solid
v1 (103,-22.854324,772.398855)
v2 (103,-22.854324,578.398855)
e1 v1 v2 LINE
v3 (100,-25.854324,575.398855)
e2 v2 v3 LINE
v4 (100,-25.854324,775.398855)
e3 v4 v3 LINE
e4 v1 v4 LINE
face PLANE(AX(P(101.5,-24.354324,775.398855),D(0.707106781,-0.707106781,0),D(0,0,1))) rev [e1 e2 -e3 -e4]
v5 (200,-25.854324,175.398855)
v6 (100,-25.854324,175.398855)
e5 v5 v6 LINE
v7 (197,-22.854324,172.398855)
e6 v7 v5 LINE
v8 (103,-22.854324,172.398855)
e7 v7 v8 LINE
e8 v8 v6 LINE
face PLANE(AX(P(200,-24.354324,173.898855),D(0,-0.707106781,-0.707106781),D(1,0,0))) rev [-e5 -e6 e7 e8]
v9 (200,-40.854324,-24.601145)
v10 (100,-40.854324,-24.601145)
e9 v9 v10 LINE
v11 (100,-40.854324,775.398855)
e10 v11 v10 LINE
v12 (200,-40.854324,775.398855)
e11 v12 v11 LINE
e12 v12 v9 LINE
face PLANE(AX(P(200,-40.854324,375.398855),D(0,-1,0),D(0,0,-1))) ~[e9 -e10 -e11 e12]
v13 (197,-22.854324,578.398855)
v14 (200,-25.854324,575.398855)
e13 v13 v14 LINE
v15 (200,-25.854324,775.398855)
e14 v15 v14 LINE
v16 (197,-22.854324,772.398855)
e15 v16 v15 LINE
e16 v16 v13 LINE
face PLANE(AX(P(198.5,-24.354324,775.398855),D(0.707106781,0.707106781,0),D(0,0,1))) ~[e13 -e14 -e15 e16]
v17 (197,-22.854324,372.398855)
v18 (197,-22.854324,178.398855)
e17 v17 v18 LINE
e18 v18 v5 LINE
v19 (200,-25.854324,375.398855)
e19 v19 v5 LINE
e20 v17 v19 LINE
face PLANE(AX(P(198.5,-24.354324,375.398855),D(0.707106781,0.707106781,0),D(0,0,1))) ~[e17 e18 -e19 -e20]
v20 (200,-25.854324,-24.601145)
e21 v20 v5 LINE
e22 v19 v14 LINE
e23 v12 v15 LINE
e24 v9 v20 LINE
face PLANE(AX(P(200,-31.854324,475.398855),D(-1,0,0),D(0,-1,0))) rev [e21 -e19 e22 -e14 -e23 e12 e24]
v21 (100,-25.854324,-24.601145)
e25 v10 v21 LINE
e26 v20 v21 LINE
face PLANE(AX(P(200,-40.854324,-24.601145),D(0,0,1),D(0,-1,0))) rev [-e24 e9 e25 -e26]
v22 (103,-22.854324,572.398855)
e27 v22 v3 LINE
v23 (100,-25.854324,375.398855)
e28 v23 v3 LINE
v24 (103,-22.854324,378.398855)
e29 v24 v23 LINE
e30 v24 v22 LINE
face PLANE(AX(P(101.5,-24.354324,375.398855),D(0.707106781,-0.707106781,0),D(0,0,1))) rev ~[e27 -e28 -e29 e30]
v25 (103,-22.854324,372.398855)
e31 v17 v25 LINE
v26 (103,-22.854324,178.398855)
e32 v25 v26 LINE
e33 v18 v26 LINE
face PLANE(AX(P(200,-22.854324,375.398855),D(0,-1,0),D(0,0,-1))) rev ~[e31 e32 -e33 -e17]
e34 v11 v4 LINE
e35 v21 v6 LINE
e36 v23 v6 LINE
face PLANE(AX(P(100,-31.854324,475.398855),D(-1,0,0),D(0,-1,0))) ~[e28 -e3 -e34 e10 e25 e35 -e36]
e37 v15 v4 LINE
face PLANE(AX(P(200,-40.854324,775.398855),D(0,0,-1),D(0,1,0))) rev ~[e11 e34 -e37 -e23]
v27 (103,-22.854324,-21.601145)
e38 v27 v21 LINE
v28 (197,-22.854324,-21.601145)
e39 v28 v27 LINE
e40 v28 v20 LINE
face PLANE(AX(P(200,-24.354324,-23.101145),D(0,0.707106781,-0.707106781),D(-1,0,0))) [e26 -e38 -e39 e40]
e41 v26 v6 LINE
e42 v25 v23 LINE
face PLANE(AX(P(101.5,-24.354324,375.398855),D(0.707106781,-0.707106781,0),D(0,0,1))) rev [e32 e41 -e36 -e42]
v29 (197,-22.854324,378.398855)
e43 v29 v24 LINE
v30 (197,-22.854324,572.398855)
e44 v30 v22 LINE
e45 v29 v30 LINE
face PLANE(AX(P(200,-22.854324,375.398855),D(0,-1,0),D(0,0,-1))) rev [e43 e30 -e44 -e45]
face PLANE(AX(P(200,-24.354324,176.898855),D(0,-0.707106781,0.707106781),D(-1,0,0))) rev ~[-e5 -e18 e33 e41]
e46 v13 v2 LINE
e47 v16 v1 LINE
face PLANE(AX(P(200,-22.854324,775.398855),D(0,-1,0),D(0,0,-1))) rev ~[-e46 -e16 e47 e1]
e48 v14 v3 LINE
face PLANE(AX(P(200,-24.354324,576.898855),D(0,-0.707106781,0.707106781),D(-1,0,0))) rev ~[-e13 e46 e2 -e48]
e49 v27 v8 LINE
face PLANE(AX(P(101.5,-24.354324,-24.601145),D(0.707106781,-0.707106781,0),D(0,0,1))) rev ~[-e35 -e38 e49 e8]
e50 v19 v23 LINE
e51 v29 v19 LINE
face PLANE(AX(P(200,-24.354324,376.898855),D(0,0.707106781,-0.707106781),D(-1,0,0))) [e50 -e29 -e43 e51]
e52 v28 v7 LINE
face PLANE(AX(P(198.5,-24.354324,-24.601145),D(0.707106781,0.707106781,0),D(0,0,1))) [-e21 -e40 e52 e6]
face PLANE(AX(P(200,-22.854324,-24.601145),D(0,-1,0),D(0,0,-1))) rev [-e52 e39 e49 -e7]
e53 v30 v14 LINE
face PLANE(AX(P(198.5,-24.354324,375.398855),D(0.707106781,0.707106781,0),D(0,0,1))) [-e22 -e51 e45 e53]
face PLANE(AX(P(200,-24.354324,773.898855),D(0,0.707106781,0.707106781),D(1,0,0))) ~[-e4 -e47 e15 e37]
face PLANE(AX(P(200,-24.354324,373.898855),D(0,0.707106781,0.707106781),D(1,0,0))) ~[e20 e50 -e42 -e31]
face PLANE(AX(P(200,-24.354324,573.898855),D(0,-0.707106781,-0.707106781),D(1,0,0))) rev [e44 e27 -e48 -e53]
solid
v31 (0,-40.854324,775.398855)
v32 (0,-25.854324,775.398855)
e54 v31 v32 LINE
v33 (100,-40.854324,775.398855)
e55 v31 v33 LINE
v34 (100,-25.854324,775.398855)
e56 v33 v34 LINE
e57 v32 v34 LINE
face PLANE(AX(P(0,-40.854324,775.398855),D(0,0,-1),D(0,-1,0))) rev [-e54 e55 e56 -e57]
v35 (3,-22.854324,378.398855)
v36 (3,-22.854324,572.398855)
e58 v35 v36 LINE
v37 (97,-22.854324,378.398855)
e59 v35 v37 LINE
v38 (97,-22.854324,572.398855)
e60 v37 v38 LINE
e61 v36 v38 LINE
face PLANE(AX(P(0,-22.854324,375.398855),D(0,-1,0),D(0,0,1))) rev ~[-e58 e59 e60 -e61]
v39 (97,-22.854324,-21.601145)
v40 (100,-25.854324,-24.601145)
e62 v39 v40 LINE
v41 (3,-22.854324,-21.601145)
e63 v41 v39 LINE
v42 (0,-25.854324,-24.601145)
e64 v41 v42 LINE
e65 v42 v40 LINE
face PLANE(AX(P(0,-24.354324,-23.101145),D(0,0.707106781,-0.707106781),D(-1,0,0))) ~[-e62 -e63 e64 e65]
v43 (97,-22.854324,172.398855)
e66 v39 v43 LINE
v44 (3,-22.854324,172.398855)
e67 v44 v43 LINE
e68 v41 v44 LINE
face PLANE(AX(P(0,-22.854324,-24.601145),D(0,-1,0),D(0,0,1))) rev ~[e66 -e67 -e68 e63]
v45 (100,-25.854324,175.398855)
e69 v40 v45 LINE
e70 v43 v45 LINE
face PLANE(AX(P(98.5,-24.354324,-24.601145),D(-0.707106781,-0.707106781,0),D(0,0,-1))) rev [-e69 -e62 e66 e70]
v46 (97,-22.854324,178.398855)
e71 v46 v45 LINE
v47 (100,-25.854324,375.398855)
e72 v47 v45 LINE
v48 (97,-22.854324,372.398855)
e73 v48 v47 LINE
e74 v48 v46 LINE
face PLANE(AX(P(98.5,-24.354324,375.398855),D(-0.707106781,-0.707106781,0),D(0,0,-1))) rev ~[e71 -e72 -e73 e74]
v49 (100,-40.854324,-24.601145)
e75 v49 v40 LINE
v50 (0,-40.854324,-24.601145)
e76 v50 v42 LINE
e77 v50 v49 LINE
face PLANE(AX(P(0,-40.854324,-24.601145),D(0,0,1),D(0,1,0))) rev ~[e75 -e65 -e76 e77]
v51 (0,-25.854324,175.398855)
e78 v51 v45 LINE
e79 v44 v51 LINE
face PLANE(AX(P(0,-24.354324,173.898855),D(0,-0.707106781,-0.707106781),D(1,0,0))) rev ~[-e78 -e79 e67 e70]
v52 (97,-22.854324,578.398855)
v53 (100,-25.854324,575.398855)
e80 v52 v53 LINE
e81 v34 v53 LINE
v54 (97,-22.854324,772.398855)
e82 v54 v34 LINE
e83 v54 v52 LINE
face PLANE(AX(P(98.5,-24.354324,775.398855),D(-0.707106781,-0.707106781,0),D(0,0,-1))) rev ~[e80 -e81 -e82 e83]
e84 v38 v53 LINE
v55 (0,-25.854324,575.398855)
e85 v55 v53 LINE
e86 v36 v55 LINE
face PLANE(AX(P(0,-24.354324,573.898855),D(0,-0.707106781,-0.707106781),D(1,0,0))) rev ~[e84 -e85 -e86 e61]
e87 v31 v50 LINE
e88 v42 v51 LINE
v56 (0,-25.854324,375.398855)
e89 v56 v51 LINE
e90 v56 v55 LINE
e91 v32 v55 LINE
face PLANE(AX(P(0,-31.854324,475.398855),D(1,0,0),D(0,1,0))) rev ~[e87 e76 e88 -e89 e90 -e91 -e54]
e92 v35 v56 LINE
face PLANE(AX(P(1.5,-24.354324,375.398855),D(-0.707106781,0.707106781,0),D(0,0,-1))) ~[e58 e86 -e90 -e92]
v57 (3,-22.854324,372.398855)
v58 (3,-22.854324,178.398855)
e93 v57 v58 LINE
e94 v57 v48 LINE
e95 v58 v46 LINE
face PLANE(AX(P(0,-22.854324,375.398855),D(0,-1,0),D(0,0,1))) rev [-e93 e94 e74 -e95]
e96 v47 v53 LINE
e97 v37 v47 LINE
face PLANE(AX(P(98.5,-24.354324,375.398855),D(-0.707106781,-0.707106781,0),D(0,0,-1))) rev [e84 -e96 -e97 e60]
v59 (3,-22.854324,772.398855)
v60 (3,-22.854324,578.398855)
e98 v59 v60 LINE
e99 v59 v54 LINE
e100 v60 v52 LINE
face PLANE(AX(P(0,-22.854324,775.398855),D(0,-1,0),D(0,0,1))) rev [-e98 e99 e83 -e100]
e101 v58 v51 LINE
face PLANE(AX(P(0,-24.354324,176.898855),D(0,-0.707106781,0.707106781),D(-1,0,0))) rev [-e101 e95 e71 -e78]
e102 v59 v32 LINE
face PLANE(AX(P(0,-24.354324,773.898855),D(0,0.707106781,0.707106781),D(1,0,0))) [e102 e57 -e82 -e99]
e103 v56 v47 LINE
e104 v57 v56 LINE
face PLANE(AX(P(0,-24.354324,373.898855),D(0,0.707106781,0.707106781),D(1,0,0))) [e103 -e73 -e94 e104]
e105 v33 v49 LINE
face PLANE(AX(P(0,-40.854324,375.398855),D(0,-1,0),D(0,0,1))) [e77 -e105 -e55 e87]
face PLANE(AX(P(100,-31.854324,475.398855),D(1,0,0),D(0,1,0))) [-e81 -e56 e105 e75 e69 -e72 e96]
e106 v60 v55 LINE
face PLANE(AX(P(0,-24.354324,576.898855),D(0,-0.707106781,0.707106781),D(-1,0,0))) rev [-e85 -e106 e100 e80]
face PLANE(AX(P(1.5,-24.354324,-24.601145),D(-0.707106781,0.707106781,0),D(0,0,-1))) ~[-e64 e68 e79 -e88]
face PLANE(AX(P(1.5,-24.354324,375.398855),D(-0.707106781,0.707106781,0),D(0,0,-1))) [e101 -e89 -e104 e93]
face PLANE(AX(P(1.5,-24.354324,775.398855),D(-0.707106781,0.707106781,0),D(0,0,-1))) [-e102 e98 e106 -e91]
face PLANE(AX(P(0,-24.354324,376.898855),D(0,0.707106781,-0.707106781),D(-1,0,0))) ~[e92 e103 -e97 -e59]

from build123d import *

# Parameters (mm, degrees)
F0_W     = 18
F0_H     = 200
F1_DEPTH = 100
F2_SIZE  = 3


with BuildPart() as f1:
    # F0 (on Right) → F1 (new body)
    with BuildSketch(Plane.YZ):
        with Locations((-31.8543244302, 75.3988552839)):
            Rectangle(F0_W, F0_H)
    extrude(amount=F1_DEPTH)

    # F2
    f2_edges = [f1.edges().sort_by_distance(p)[0] for p in [
        (50, -22.854324, 175.398855),
        (100, -22.854324, 75.398855),
        (0, -22.854324, 75.398855),
        (50, -22.854324, -24.601145),
    ]]
    chamfer(f2_edges, length=F2_SIZE)

    # F3: F1 across face


with BuildPart() as f1_1:
    add(f1.part)
    add(f1.part.mirror(Plane(origin=(50, -33.3543244302, 175.3988552839), x_dir=(1, 0, 0), z_dir=(0, 0, 1))))

    # F4: F1 across face


with BuildPart() as f1_2:
    add(f1_1.part)
    add(f1_1.part.mirror(Plane(origin=(50, -33.3543244302, 375.3988552839), x_dir=(1, 0, 0), z_dir=(0, 0, 1))))


with BuildPart() as f5_1:
    # F5: instance of F1
    add(f1_2.part.mirror(Plane(origin=(100, -33.3543244302, 375.3988552839), x_dir=(0, 1, 0), z_dir=(1, 0, 0))))


solid = Compound([f1_2.part, f5_1.part])
